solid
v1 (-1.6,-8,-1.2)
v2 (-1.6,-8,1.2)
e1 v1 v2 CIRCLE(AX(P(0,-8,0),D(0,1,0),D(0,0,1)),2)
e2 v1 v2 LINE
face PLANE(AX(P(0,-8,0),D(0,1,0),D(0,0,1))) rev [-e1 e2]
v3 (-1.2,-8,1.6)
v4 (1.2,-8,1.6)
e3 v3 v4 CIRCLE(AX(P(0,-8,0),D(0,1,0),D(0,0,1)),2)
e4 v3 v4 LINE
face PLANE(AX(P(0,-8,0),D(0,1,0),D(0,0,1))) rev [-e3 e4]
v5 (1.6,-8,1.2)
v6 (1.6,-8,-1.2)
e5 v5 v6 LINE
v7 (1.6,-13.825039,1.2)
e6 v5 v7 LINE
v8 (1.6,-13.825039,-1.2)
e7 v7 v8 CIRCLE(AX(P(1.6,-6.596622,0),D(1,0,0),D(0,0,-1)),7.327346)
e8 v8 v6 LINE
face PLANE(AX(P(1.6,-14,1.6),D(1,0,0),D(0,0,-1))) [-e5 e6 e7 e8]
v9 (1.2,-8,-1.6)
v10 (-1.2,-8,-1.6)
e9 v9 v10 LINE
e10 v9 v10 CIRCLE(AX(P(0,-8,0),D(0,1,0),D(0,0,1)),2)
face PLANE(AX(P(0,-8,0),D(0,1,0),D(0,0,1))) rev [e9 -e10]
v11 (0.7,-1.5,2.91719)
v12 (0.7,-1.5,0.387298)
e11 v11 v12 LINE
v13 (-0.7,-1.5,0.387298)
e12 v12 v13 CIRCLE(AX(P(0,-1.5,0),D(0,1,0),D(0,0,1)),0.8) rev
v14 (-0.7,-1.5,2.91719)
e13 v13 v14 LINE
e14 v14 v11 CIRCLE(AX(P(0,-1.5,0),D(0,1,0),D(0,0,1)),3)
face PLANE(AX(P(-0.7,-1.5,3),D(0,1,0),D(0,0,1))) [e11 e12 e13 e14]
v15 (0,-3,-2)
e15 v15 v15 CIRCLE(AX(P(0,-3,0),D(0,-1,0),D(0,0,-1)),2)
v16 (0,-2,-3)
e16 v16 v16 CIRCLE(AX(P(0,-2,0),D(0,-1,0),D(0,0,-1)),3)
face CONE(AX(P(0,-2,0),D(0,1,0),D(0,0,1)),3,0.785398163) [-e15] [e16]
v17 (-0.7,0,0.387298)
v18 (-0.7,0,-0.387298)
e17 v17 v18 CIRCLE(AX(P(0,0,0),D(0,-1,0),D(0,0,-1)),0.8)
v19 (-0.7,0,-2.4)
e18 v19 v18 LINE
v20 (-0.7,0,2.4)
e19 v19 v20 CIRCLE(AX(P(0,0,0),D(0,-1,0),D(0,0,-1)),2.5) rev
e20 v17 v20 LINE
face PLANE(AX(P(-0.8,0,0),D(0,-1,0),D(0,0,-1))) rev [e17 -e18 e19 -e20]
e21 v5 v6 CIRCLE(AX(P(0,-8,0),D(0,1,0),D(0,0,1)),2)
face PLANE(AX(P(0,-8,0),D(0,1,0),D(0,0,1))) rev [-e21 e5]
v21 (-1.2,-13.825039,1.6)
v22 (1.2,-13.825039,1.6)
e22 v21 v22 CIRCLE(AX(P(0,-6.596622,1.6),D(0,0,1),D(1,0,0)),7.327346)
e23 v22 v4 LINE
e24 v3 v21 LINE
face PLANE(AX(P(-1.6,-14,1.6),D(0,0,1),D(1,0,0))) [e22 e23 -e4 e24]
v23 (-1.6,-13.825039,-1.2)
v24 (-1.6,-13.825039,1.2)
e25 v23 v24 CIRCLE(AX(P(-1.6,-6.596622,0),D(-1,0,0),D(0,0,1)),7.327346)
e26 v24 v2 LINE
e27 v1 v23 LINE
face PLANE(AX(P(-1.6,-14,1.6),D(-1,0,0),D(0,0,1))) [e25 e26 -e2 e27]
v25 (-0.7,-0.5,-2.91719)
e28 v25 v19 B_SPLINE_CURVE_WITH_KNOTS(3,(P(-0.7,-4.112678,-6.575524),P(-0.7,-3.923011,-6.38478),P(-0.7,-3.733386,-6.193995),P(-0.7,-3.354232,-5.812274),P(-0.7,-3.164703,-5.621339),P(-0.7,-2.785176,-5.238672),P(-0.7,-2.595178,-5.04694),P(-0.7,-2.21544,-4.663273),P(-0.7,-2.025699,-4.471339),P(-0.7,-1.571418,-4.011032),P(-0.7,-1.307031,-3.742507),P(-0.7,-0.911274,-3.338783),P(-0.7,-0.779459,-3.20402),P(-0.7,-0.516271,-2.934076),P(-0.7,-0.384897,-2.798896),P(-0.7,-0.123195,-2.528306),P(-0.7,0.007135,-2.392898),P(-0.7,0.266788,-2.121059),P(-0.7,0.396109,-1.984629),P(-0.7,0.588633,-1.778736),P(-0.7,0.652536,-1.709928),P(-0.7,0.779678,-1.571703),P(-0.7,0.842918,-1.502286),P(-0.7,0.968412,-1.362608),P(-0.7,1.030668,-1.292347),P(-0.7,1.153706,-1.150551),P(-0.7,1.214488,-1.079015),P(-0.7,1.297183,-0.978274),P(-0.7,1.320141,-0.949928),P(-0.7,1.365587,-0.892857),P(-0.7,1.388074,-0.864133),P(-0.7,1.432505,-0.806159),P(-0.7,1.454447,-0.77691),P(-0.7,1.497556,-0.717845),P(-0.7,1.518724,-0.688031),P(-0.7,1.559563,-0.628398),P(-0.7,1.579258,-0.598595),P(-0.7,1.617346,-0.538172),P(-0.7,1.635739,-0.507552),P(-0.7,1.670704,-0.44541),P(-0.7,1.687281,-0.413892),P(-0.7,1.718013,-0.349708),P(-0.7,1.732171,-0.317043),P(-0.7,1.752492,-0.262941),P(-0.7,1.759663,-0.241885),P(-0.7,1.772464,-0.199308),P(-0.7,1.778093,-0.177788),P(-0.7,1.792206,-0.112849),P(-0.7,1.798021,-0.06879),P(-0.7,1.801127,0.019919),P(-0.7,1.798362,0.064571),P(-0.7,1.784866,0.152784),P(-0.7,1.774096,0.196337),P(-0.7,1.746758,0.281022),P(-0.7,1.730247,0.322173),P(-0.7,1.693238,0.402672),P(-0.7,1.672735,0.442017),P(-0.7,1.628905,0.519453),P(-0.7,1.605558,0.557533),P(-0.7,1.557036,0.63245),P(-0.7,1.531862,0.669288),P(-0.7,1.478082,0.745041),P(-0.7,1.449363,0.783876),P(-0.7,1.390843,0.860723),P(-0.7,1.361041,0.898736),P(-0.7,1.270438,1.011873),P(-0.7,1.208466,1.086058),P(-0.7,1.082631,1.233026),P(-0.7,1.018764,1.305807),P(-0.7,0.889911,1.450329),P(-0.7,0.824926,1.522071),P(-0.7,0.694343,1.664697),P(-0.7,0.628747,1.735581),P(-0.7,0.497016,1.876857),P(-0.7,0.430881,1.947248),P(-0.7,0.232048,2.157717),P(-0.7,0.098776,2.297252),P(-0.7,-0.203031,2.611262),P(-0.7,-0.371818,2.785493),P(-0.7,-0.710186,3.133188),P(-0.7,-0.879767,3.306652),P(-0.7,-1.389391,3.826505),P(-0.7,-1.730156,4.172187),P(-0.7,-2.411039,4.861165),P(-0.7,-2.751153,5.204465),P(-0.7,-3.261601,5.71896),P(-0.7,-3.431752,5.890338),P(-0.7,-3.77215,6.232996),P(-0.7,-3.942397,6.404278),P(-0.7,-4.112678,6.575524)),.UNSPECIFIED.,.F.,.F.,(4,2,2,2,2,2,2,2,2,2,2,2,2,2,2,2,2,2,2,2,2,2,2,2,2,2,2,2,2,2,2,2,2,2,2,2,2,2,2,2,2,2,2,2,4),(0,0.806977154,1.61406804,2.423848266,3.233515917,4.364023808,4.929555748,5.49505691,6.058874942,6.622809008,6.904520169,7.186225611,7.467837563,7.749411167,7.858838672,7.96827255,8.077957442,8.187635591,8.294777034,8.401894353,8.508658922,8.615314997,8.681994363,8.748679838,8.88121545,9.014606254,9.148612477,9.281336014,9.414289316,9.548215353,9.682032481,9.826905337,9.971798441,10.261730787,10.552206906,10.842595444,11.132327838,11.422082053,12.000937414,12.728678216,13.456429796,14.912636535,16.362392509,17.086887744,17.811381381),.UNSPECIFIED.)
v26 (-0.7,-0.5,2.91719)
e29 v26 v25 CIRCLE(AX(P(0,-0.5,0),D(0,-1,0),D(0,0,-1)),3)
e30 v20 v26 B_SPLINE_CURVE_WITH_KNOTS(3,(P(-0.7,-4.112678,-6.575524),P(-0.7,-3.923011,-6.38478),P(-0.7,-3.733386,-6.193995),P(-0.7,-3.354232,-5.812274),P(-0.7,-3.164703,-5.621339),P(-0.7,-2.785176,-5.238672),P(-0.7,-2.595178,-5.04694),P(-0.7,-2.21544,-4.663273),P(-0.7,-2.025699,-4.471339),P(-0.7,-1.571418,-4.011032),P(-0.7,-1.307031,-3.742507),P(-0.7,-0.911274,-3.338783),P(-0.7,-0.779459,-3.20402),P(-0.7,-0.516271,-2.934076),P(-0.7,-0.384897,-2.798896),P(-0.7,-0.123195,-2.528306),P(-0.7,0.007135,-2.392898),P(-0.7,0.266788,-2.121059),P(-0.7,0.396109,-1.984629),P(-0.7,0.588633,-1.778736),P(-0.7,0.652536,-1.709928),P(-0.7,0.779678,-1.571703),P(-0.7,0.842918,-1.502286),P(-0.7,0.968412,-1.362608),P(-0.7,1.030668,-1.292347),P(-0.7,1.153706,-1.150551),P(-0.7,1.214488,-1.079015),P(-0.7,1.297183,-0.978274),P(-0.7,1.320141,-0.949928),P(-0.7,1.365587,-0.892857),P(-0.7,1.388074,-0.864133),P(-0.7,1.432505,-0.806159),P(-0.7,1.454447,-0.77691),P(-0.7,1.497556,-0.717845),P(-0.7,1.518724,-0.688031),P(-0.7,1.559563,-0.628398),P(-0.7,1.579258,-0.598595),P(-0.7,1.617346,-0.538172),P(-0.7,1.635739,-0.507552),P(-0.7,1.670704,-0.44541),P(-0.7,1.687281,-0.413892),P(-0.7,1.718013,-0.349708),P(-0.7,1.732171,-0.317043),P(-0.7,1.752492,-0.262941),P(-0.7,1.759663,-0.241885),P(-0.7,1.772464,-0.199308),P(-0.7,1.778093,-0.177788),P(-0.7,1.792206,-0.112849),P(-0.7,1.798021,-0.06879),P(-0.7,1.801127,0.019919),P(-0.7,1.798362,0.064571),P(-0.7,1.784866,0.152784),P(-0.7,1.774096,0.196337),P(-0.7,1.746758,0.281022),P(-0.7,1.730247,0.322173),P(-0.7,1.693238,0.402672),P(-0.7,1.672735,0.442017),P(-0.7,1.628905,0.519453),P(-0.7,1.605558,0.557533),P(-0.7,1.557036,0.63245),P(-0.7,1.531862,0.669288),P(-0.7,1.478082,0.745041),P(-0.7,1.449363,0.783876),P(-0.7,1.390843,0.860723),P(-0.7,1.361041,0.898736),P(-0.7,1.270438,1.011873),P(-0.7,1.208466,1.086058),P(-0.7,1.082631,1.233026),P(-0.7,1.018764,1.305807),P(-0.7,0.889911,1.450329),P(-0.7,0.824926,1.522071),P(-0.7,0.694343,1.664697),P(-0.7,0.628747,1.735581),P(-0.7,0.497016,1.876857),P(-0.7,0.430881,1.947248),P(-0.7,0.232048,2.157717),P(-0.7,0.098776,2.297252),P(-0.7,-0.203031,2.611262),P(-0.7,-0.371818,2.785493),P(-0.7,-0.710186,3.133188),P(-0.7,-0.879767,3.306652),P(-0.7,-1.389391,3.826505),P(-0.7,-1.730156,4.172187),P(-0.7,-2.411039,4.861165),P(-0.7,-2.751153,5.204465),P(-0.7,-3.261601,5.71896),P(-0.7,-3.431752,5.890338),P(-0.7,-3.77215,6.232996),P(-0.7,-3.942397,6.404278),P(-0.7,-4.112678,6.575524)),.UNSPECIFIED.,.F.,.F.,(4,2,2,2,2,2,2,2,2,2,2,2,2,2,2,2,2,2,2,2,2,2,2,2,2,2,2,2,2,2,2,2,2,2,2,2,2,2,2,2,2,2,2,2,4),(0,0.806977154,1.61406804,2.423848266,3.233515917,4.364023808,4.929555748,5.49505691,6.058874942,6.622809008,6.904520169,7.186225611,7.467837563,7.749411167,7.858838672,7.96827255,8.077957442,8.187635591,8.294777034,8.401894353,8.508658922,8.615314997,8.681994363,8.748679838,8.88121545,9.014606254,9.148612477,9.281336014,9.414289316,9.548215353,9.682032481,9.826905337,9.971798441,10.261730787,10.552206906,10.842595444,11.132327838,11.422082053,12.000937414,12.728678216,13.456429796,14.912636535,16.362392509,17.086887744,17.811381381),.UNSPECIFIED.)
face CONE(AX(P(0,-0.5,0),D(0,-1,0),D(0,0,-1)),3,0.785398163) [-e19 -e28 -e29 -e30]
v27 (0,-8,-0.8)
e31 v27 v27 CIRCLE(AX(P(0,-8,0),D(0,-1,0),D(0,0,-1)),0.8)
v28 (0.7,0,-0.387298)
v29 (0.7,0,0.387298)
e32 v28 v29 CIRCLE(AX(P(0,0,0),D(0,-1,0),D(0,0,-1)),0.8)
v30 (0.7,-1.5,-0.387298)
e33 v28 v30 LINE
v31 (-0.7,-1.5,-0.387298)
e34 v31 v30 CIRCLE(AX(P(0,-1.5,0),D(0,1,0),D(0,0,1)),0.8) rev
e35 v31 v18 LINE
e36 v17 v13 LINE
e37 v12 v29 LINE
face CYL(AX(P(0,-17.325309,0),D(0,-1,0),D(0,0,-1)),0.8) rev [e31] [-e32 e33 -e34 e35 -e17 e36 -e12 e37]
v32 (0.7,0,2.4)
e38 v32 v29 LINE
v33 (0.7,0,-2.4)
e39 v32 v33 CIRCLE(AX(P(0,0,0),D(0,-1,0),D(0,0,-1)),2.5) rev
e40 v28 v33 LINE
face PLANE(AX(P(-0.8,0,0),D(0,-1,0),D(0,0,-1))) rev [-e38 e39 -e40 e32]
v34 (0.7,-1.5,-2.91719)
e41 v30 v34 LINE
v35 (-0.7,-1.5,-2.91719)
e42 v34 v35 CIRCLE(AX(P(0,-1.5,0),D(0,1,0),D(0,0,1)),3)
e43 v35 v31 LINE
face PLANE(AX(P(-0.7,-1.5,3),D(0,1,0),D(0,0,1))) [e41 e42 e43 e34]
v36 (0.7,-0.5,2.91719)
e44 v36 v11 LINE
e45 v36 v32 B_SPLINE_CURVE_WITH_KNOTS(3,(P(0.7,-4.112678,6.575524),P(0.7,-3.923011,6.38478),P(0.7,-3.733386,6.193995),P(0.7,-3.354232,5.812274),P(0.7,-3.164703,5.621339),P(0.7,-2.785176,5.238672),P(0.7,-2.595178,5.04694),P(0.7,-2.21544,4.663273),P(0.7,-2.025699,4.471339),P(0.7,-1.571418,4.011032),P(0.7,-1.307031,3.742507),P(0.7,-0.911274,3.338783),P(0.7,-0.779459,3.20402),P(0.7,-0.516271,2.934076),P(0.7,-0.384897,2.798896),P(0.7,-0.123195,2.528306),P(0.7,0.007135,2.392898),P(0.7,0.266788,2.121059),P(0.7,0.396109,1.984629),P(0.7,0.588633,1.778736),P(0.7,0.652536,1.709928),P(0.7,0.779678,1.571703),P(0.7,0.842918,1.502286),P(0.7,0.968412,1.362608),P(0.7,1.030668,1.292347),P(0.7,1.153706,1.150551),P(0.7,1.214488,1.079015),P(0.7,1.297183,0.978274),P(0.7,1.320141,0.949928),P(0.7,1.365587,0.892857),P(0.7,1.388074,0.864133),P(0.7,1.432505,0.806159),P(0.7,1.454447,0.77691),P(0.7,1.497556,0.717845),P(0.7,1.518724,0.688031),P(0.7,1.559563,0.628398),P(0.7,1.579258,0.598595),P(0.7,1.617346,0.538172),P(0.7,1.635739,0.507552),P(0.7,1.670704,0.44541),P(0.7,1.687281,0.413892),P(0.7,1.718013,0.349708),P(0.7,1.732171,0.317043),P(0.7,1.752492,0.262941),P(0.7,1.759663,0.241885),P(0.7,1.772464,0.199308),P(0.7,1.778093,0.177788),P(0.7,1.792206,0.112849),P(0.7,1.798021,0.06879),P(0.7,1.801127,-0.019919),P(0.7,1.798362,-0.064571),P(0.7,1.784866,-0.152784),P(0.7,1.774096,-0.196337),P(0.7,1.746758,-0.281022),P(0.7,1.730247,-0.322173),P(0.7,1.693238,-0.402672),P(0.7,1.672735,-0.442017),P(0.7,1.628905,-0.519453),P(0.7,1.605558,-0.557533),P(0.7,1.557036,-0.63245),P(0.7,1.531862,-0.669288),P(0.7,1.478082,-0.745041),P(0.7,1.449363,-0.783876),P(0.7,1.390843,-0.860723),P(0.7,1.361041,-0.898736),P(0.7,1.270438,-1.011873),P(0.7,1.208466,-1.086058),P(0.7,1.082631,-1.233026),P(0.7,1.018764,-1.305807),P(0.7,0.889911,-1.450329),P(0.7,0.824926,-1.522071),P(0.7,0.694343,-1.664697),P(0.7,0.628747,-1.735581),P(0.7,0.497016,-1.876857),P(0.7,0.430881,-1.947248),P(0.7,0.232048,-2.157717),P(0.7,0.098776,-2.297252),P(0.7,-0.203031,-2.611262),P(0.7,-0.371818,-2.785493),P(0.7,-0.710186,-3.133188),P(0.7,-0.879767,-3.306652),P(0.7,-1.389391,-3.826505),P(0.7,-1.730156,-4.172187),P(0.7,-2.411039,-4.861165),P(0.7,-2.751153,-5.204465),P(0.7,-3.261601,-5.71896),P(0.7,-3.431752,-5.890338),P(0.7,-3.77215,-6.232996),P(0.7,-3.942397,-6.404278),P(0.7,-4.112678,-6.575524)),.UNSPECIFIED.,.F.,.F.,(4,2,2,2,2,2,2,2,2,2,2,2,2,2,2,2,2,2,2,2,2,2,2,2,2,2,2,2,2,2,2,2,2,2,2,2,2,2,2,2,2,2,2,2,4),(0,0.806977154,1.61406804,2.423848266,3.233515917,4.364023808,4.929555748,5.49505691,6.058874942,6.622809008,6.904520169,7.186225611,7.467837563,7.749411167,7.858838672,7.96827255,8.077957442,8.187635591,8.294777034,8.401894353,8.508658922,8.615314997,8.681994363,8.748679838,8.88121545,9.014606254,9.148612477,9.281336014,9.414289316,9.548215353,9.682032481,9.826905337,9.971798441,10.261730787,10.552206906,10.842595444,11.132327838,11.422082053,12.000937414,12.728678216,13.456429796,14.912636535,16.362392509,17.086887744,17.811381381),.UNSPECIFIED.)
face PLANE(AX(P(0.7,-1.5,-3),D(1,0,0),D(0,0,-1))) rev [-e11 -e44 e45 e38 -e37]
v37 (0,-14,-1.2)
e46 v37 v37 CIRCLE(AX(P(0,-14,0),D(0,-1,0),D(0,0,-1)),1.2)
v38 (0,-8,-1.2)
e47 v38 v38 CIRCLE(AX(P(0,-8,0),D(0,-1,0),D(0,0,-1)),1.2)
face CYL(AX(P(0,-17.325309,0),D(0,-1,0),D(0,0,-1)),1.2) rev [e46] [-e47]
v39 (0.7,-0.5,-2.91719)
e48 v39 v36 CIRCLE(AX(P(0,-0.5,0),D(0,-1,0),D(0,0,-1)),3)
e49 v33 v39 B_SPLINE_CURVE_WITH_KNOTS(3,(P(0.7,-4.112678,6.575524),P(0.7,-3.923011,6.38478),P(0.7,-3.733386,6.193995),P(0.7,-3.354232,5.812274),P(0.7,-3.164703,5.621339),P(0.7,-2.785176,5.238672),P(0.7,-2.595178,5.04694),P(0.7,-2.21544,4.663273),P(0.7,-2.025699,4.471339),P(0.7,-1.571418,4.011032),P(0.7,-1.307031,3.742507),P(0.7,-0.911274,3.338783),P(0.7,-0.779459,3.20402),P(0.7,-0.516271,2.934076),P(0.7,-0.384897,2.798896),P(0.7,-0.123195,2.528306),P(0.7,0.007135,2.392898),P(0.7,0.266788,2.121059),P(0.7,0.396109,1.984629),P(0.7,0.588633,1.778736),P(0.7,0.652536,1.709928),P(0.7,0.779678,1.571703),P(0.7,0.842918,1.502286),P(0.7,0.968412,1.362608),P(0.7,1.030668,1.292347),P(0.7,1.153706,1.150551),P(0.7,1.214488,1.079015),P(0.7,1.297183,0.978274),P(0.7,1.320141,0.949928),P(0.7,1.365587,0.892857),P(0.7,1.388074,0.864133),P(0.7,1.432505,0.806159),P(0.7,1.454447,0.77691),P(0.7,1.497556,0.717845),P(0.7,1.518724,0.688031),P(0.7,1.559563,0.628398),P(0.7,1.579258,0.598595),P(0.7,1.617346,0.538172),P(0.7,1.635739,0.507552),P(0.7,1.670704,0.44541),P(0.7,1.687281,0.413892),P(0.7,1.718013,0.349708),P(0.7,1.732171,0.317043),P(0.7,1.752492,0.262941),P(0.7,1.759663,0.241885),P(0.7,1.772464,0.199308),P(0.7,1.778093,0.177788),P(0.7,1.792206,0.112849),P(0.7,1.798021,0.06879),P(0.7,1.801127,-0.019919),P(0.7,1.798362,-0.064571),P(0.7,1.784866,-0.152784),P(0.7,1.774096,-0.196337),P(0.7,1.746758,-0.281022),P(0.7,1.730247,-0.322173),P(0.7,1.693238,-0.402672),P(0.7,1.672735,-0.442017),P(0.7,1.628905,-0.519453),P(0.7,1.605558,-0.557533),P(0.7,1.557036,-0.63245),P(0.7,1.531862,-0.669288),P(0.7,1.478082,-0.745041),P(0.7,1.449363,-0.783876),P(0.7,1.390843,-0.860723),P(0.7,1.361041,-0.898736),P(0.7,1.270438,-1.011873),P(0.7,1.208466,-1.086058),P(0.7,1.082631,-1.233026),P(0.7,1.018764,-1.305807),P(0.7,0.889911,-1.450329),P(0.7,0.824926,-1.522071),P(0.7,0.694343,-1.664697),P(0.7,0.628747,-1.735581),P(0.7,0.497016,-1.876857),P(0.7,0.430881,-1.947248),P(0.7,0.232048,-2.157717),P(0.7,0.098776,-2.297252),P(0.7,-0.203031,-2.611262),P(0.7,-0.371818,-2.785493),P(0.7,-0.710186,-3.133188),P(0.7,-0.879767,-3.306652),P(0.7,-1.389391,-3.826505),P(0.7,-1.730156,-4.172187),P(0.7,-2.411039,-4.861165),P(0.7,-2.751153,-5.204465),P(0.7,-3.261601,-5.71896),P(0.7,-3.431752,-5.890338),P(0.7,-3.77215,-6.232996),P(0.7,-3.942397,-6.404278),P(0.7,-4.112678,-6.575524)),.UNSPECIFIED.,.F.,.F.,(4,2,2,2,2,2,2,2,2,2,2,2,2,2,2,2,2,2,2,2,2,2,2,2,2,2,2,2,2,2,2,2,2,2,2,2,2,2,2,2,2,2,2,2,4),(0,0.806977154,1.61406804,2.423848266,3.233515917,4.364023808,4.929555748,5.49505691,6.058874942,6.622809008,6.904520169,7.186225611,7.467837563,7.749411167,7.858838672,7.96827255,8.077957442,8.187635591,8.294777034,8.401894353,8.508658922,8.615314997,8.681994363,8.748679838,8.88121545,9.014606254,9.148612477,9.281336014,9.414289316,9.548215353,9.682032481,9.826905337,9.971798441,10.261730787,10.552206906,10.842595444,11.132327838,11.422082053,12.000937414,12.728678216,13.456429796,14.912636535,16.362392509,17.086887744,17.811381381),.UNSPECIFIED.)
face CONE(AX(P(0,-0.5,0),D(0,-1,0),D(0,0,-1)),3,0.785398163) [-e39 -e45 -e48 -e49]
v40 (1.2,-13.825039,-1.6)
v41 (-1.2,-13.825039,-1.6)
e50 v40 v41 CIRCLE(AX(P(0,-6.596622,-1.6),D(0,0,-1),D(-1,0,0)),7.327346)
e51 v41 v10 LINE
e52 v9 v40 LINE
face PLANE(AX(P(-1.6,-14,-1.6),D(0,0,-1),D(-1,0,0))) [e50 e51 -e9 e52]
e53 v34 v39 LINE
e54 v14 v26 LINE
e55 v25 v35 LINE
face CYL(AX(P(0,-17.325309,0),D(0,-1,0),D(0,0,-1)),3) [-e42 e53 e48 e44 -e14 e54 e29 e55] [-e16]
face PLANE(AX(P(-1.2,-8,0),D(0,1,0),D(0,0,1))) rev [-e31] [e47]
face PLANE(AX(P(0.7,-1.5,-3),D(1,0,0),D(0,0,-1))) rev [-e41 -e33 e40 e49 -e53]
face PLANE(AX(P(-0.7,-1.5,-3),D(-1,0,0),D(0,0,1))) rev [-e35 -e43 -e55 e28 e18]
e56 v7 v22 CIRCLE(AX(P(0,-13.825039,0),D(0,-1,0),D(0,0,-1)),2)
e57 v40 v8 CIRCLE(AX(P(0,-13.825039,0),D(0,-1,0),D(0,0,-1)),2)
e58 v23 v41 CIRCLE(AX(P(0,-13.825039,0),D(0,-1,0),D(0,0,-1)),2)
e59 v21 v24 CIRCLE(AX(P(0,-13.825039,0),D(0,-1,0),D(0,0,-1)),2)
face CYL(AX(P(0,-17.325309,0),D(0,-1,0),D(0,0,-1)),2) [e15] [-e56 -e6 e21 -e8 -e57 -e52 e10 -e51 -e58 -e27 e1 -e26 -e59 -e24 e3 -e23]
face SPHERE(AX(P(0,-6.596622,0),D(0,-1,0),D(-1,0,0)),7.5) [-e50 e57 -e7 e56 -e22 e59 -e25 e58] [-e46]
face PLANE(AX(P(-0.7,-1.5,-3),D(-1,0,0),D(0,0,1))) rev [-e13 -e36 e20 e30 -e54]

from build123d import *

# Parameters (mm, degrees)
CHANFREIN1_SIZE         = 0.5
ESQUISSE3_W             = 1.4
ESQUISSE3_H             = 6
ENL_V_MAT_EXTRU_1_DEPTH = 1.5
ENL_V_START             = -8
ESQUISSE4_OUTSIDE_W     = 11.274
ESQUISSE4_OUTSIDE_H     = 11.274
ESQUISSE4_OUTSIDE_W_2   = 3.2
ESQUISSE4_OUTSIDE_H_2   = 3.2
ENL_V_MAT_EXTRU_2_DEPTH = 7


with BuildPart() as part:
    # Esquisse2 → Révolution1 (revolve)
    with BuildSketch(Plane.XY, mode=Mode.PRIVATE) as r_volution1_sk:
        with BuildLine():
            Line((-0.8, 0), (-3, 0))
            Line((-3, 0), (-3, -2))
            Line((-3, -2), (-2, -3))
            Line((-2, -3), (-2, -13.82503854))
            ThreePointArc((-2, -13.82503854), (-1.60238974, -13.923446201), (-1.2, -14))
            Line((-1.2, -14), (-1.2, -8))
            Line((-1.2, -8), (-0.8, -8))
            Line((-0.8, -8), (-0.8, 0))
        make_face()
    revolve(r_volution1_sk.sketch.rotate(Axis((0, -17.325308642, 0), (0, 1, 0)), 270), axis=Axis((0, -17.325308642, 0), (0, 1, 0)))  # turned: the seam where the file's is

    # Chanfrein1
    chanfrein1_edges = [part.edges().sort_by_distance(p)[0] for p in [
        (0, 0, 3),
    ]]
    chamfer(chanfrein1_edges, length=CHANFREIN1_SIZE)

    # Esquisse3 → Enlèv. mat.-Extru.1 (cut)
    with BuildSketch(Plane(origin=(0, 0, 0), x_dir=(-1, 0, 0), z_dir=(0, 1, 0))):
        Rectangle(ESQUISSE3_W, ESQUISSE3_H)
    extrude(amount=-ENL_V_MAT_EXTRU_1_DEPTH, mode=Mode.SUBTRACT)

    # Esquisse4 outside → Enlèv. mat.-Extru.2 (cut, through all)
    with BuildSketch(Plane(origin=(0, 0, 0), x_dir=(-1, 0, 0), z_dir=(0, 1, 0)).offset(ENL_V_START)):
        Rectangle(ESQUISSE4_OUTSIDE_W, ESQUISSE4_OUTSIDE_H)
        Rectangle(ESQUISSE4_OUTSIDE_W_2, ESQUISSE4_OUTSIDE_H_2, mode=Mode.SUBTRACT)
    extrude(amount=-ENL_V_MAT_EXTRU_2_DEPTH, mode=Mode.SUBTRACT)


solid = part.part
